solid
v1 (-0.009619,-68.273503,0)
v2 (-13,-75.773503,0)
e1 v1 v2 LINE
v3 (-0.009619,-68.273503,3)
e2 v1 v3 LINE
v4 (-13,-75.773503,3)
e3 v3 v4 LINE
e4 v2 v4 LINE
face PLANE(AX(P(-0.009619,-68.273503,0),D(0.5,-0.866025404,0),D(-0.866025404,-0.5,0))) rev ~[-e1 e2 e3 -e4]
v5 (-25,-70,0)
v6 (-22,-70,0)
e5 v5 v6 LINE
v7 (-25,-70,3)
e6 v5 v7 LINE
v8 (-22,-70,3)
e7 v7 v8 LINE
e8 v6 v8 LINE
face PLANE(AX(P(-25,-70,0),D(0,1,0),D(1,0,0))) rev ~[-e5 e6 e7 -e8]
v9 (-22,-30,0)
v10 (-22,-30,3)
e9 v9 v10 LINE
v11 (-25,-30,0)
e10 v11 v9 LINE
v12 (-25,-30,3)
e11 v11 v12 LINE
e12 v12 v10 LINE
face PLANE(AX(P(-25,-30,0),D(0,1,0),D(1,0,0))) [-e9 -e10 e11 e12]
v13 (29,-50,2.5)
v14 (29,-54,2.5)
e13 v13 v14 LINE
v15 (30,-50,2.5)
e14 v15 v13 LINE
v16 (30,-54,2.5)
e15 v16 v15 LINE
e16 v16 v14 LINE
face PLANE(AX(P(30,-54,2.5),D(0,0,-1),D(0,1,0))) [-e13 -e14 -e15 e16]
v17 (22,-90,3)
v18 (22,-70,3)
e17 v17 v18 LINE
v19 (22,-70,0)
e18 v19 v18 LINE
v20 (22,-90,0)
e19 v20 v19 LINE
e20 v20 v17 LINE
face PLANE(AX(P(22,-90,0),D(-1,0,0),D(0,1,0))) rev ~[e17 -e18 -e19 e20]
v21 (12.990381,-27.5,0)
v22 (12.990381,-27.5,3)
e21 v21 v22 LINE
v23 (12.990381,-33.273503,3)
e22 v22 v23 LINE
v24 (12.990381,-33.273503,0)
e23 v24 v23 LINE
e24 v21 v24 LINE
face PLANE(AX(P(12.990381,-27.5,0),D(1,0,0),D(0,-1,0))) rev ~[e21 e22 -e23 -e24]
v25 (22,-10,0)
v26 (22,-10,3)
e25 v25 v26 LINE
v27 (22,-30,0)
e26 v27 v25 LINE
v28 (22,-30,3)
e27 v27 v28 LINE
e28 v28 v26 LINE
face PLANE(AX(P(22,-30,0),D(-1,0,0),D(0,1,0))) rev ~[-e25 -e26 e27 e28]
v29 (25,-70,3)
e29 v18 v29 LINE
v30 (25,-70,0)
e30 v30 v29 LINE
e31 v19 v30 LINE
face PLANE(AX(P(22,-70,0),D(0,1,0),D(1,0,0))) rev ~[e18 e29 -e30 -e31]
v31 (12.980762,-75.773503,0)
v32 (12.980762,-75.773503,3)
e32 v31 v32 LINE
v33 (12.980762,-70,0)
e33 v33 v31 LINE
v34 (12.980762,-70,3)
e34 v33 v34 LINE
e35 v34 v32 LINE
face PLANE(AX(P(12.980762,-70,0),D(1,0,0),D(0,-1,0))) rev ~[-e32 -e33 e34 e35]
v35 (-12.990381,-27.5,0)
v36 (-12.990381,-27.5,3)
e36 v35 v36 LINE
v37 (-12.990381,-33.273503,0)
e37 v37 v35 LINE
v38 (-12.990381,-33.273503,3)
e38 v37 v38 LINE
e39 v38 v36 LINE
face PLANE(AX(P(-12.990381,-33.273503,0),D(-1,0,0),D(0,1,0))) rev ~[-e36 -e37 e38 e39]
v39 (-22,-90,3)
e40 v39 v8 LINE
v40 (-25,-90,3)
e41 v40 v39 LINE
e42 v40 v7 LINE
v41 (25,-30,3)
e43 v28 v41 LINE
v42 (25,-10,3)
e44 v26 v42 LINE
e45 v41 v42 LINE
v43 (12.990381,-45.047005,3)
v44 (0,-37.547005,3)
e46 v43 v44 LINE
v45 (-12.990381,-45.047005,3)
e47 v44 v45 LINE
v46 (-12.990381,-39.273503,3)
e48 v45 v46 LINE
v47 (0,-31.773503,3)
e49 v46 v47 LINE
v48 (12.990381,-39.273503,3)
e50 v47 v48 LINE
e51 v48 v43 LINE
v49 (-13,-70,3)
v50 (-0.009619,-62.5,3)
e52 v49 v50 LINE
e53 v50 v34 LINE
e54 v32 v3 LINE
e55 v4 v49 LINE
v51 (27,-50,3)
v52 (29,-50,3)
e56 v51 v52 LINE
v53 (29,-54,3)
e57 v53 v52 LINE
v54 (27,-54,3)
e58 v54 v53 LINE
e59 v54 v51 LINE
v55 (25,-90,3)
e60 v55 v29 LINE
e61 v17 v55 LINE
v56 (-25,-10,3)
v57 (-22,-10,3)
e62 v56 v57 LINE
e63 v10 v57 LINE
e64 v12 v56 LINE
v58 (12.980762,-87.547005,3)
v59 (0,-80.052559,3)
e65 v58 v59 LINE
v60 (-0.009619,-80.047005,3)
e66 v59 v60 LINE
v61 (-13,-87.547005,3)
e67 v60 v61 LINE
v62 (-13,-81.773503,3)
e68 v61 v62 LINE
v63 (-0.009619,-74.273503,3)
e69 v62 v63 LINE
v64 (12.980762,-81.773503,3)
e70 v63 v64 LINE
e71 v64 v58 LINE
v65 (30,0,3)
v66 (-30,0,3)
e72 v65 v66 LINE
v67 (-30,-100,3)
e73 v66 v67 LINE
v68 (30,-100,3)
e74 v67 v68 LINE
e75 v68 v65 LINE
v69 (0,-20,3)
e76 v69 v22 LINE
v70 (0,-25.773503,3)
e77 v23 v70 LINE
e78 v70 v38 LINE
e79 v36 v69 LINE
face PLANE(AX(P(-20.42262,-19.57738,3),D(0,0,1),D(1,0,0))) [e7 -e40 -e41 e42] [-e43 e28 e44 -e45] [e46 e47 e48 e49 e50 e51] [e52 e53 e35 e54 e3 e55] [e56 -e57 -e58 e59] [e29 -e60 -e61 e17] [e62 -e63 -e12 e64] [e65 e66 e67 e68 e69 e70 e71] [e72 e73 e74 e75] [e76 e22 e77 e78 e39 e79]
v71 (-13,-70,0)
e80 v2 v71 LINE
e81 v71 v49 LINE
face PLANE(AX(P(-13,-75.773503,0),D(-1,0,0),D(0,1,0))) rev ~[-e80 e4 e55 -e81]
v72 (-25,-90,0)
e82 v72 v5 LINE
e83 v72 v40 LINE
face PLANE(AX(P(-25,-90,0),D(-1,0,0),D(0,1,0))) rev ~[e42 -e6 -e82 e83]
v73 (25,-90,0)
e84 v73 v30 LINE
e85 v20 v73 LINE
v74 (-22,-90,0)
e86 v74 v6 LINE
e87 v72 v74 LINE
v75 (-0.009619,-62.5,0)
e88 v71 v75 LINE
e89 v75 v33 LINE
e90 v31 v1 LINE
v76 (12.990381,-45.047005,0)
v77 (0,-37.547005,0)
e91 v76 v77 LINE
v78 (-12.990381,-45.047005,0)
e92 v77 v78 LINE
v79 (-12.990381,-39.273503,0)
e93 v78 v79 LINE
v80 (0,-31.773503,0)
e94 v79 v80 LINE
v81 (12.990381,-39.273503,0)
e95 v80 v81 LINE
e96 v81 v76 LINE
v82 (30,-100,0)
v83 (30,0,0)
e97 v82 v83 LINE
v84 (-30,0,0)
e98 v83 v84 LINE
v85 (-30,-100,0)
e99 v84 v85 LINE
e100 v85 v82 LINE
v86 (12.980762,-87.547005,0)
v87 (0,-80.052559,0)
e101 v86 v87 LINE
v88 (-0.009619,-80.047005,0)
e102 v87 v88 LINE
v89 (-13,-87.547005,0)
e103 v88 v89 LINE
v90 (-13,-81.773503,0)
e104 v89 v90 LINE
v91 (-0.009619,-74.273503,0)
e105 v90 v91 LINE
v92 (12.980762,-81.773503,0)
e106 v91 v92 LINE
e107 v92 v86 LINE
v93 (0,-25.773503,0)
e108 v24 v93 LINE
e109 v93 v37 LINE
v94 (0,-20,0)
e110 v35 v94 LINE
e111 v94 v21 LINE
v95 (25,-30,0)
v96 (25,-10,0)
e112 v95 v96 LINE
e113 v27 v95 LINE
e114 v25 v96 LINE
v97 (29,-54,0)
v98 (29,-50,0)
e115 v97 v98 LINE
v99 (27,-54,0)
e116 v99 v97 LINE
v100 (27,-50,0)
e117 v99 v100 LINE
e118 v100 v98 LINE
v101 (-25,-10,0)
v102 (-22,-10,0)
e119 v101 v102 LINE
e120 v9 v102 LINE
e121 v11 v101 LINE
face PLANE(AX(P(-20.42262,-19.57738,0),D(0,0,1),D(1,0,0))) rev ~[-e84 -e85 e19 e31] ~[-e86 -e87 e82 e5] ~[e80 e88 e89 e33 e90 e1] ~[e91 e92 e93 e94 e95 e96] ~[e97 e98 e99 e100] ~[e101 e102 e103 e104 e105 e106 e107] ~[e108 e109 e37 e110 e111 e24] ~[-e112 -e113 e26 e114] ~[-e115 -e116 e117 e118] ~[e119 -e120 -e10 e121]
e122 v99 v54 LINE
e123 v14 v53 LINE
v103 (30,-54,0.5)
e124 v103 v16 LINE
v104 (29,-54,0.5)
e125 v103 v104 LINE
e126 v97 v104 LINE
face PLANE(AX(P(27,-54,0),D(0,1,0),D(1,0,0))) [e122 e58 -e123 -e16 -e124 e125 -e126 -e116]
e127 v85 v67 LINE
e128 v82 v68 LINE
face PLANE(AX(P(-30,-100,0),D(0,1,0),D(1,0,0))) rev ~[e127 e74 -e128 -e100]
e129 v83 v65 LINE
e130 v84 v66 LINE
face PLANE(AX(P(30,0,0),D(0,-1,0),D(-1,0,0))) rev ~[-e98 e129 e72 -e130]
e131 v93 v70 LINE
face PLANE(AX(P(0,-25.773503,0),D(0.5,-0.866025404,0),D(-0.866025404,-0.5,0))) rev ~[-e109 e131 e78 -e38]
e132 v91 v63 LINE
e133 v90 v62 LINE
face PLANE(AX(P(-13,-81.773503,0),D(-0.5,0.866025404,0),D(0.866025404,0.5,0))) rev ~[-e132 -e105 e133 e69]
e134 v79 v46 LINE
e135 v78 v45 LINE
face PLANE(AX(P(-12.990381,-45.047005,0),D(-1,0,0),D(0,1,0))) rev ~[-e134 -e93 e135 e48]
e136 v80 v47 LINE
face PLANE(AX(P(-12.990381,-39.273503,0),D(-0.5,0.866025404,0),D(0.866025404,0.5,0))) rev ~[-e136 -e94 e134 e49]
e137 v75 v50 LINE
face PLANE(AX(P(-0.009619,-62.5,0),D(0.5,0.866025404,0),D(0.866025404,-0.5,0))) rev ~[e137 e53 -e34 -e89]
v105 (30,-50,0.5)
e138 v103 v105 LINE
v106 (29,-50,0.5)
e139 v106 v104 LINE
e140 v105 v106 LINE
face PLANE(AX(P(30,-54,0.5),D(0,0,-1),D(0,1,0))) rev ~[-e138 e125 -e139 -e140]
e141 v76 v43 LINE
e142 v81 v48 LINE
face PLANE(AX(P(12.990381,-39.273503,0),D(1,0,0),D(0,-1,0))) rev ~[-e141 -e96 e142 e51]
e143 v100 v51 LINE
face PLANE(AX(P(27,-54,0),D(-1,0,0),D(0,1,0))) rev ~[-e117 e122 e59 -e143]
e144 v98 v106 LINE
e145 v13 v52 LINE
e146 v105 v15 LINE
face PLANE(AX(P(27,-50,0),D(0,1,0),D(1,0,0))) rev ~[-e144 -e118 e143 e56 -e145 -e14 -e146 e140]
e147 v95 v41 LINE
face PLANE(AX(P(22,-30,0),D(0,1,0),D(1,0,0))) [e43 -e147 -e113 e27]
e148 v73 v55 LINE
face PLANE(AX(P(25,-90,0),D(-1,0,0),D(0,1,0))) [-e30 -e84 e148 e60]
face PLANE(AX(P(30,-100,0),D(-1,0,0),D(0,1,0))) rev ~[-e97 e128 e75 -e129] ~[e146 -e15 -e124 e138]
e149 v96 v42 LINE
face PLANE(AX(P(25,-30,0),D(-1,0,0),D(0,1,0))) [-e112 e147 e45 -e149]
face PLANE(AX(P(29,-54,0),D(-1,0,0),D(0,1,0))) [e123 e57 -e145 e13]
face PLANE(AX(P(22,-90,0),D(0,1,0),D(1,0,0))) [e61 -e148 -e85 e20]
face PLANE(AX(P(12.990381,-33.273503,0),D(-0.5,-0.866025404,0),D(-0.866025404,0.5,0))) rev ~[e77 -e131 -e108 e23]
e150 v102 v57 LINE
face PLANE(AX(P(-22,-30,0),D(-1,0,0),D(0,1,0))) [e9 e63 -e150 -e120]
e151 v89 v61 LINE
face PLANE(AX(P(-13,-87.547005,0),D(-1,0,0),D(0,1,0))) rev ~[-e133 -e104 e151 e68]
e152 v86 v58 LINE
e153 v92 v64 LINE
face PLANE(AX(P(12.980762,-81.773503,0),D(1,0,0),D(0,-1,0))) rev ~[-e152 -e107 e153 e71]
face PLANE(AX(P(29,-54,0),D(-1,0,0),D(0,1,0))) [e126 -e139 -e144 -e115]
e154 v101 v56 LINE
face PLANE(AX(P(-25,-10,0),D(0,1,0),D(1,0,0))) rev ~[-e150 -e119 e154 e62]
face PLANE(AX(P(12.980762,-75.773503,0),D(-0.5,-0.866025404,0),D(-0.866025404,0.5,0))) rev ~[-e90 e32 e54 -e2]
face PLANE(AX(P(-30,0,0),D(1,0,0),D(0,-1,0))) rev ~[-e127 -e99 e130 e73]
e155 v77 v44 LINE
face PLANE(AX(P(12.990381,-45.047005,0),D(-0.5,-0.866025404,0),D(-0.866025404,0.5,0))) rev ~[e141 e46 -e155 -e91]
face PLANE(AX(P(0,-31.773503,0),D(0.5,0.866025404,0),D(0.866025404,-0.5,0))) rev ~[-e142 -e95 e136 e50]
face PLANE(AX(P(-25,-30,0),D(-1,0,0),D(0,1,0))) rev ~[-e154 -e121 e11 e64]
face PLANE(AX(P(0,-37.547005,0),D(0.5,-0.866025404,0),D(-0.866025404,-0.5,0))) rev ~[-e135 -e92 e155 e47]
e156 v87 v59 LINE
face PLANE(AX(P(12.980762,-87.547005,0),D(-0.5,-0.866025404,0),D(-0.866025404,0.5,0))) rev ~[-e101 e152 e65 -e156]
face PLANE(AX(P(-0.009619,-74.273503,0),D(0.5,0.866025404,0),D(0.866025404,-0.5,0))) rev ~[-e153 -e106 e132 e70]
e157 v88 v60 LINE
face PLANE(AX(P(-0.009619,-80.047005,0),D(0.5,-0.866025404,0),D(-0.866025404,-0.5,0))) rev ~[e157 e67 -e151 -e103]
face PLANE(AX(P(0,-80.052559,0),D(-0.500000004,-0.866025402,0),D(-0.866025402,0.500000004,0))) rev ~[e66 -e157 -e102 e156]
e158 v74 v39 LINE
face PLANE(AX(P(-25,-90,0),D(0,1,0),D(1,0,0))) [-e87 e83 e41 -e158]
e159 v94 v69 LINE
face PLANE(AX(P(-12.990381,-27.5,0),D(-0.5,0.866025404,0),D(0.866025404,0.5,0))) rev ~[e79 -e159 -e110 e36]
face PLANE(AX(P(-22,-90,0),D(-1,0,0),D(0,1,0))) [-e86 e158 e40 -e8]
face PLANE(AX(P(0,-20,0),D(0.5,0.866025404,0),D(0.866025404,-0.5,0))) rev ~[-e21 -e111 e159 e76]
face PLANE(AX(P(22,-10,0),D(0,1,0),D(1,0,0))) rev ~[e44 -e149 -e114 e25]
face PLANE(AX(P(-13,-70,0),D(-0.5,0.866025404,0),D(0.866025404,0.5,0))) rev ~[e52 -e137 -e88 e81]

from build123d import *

# Parameters (mm, degrees)
F0_W     = 3
F0_H     = 20
F0_W_2   = 2
F0_H_2   = 4
F1_DEPTH = 3
F3_W     = 4
F3_H     = 2
F4_DEPTH = 3


with BuildPart() as f1:
    # F0 (on Top) → F1 (new body)
    with BuildSketch(Plane.XY):
        Polygon((-25, 0), (-30, 0), (-30, -50), (0, 0), align=None)
        with Locations((-23.5, -20)):
            Rectangle(F0_W, F0_H, mode=Mode.SUBTRACT)
        Polygon((0, 0), (-30, -50), (-30, -100), (0, -100), (30, -100), (30, -50), (30, 0), align=None)
        with Locations((-23.5, -80)):
            Rectangle(F0_W, F0_H, mode=Mode.SUBTRACT)
        Polygon((12.9807621135, -87.5470053838), (0, -80.0525588833), (-0.0096189432, -80.0470053838), (-13, -87.5470053838), (-13, -81.7735026919), (-0.0096189432, -74.2735026919), (12.9807621135, -81.7735026919), align=None, mode=Mode.SUBTRACT)
        Polygon((-13, -70), (-0.0096189432, -62.5), (12.9807621135, -70), (12.9807621135, -75.7735026919), (-0.0096189432, -68.2735026919), (-13, -75.7735026919), align=None, mode=Mode.SUBTRACT)
        with Locations((23.5, -80)):
            Rectangle(F0_W, F0_H, mode=Mode.SUBTRACT)
        with Locations((28, -52)):
            Rectangle(F0_W_2, F0_H_2, mode=Mode.SUBTRACT)
        Polygon((-12.9903810568, -39.2735026919), (0, -31.7735026919), (12.9903810568, -39.2735026919), (12.9903810568, -45.0470053838), (0, -37.5470053838), (-12.9903810568, -45.0470053838), align=None, mode=Mode.SUBTRACT)
        Polygon((-12.9903810568, -27.5), (0, -20), (12.9903810568, -27.5), (12.9903810568, -33.2735026919), (0, -25.7735026919), (-12.9903810568, -33.2735026919), align=None, mode=Mode.SUBTRACT)
        with Locations((23.5, -20)):
            Rectangle(F0_W, F0_H, mode=Mode.SUBTRACT)
    extrude(amount=F1_DEPTH)

    # F3 (on offset) → F4 (cut, through all)
    with BuildSketch(Plane.YZ.offset(30)):
        with Locations((-52, 1.5)):
            Rectangle(F3_W, F3_H)
    extrude(amount=-F4_DEPTH, mode=Mode.SUBTRACT)


solid = f1.part
